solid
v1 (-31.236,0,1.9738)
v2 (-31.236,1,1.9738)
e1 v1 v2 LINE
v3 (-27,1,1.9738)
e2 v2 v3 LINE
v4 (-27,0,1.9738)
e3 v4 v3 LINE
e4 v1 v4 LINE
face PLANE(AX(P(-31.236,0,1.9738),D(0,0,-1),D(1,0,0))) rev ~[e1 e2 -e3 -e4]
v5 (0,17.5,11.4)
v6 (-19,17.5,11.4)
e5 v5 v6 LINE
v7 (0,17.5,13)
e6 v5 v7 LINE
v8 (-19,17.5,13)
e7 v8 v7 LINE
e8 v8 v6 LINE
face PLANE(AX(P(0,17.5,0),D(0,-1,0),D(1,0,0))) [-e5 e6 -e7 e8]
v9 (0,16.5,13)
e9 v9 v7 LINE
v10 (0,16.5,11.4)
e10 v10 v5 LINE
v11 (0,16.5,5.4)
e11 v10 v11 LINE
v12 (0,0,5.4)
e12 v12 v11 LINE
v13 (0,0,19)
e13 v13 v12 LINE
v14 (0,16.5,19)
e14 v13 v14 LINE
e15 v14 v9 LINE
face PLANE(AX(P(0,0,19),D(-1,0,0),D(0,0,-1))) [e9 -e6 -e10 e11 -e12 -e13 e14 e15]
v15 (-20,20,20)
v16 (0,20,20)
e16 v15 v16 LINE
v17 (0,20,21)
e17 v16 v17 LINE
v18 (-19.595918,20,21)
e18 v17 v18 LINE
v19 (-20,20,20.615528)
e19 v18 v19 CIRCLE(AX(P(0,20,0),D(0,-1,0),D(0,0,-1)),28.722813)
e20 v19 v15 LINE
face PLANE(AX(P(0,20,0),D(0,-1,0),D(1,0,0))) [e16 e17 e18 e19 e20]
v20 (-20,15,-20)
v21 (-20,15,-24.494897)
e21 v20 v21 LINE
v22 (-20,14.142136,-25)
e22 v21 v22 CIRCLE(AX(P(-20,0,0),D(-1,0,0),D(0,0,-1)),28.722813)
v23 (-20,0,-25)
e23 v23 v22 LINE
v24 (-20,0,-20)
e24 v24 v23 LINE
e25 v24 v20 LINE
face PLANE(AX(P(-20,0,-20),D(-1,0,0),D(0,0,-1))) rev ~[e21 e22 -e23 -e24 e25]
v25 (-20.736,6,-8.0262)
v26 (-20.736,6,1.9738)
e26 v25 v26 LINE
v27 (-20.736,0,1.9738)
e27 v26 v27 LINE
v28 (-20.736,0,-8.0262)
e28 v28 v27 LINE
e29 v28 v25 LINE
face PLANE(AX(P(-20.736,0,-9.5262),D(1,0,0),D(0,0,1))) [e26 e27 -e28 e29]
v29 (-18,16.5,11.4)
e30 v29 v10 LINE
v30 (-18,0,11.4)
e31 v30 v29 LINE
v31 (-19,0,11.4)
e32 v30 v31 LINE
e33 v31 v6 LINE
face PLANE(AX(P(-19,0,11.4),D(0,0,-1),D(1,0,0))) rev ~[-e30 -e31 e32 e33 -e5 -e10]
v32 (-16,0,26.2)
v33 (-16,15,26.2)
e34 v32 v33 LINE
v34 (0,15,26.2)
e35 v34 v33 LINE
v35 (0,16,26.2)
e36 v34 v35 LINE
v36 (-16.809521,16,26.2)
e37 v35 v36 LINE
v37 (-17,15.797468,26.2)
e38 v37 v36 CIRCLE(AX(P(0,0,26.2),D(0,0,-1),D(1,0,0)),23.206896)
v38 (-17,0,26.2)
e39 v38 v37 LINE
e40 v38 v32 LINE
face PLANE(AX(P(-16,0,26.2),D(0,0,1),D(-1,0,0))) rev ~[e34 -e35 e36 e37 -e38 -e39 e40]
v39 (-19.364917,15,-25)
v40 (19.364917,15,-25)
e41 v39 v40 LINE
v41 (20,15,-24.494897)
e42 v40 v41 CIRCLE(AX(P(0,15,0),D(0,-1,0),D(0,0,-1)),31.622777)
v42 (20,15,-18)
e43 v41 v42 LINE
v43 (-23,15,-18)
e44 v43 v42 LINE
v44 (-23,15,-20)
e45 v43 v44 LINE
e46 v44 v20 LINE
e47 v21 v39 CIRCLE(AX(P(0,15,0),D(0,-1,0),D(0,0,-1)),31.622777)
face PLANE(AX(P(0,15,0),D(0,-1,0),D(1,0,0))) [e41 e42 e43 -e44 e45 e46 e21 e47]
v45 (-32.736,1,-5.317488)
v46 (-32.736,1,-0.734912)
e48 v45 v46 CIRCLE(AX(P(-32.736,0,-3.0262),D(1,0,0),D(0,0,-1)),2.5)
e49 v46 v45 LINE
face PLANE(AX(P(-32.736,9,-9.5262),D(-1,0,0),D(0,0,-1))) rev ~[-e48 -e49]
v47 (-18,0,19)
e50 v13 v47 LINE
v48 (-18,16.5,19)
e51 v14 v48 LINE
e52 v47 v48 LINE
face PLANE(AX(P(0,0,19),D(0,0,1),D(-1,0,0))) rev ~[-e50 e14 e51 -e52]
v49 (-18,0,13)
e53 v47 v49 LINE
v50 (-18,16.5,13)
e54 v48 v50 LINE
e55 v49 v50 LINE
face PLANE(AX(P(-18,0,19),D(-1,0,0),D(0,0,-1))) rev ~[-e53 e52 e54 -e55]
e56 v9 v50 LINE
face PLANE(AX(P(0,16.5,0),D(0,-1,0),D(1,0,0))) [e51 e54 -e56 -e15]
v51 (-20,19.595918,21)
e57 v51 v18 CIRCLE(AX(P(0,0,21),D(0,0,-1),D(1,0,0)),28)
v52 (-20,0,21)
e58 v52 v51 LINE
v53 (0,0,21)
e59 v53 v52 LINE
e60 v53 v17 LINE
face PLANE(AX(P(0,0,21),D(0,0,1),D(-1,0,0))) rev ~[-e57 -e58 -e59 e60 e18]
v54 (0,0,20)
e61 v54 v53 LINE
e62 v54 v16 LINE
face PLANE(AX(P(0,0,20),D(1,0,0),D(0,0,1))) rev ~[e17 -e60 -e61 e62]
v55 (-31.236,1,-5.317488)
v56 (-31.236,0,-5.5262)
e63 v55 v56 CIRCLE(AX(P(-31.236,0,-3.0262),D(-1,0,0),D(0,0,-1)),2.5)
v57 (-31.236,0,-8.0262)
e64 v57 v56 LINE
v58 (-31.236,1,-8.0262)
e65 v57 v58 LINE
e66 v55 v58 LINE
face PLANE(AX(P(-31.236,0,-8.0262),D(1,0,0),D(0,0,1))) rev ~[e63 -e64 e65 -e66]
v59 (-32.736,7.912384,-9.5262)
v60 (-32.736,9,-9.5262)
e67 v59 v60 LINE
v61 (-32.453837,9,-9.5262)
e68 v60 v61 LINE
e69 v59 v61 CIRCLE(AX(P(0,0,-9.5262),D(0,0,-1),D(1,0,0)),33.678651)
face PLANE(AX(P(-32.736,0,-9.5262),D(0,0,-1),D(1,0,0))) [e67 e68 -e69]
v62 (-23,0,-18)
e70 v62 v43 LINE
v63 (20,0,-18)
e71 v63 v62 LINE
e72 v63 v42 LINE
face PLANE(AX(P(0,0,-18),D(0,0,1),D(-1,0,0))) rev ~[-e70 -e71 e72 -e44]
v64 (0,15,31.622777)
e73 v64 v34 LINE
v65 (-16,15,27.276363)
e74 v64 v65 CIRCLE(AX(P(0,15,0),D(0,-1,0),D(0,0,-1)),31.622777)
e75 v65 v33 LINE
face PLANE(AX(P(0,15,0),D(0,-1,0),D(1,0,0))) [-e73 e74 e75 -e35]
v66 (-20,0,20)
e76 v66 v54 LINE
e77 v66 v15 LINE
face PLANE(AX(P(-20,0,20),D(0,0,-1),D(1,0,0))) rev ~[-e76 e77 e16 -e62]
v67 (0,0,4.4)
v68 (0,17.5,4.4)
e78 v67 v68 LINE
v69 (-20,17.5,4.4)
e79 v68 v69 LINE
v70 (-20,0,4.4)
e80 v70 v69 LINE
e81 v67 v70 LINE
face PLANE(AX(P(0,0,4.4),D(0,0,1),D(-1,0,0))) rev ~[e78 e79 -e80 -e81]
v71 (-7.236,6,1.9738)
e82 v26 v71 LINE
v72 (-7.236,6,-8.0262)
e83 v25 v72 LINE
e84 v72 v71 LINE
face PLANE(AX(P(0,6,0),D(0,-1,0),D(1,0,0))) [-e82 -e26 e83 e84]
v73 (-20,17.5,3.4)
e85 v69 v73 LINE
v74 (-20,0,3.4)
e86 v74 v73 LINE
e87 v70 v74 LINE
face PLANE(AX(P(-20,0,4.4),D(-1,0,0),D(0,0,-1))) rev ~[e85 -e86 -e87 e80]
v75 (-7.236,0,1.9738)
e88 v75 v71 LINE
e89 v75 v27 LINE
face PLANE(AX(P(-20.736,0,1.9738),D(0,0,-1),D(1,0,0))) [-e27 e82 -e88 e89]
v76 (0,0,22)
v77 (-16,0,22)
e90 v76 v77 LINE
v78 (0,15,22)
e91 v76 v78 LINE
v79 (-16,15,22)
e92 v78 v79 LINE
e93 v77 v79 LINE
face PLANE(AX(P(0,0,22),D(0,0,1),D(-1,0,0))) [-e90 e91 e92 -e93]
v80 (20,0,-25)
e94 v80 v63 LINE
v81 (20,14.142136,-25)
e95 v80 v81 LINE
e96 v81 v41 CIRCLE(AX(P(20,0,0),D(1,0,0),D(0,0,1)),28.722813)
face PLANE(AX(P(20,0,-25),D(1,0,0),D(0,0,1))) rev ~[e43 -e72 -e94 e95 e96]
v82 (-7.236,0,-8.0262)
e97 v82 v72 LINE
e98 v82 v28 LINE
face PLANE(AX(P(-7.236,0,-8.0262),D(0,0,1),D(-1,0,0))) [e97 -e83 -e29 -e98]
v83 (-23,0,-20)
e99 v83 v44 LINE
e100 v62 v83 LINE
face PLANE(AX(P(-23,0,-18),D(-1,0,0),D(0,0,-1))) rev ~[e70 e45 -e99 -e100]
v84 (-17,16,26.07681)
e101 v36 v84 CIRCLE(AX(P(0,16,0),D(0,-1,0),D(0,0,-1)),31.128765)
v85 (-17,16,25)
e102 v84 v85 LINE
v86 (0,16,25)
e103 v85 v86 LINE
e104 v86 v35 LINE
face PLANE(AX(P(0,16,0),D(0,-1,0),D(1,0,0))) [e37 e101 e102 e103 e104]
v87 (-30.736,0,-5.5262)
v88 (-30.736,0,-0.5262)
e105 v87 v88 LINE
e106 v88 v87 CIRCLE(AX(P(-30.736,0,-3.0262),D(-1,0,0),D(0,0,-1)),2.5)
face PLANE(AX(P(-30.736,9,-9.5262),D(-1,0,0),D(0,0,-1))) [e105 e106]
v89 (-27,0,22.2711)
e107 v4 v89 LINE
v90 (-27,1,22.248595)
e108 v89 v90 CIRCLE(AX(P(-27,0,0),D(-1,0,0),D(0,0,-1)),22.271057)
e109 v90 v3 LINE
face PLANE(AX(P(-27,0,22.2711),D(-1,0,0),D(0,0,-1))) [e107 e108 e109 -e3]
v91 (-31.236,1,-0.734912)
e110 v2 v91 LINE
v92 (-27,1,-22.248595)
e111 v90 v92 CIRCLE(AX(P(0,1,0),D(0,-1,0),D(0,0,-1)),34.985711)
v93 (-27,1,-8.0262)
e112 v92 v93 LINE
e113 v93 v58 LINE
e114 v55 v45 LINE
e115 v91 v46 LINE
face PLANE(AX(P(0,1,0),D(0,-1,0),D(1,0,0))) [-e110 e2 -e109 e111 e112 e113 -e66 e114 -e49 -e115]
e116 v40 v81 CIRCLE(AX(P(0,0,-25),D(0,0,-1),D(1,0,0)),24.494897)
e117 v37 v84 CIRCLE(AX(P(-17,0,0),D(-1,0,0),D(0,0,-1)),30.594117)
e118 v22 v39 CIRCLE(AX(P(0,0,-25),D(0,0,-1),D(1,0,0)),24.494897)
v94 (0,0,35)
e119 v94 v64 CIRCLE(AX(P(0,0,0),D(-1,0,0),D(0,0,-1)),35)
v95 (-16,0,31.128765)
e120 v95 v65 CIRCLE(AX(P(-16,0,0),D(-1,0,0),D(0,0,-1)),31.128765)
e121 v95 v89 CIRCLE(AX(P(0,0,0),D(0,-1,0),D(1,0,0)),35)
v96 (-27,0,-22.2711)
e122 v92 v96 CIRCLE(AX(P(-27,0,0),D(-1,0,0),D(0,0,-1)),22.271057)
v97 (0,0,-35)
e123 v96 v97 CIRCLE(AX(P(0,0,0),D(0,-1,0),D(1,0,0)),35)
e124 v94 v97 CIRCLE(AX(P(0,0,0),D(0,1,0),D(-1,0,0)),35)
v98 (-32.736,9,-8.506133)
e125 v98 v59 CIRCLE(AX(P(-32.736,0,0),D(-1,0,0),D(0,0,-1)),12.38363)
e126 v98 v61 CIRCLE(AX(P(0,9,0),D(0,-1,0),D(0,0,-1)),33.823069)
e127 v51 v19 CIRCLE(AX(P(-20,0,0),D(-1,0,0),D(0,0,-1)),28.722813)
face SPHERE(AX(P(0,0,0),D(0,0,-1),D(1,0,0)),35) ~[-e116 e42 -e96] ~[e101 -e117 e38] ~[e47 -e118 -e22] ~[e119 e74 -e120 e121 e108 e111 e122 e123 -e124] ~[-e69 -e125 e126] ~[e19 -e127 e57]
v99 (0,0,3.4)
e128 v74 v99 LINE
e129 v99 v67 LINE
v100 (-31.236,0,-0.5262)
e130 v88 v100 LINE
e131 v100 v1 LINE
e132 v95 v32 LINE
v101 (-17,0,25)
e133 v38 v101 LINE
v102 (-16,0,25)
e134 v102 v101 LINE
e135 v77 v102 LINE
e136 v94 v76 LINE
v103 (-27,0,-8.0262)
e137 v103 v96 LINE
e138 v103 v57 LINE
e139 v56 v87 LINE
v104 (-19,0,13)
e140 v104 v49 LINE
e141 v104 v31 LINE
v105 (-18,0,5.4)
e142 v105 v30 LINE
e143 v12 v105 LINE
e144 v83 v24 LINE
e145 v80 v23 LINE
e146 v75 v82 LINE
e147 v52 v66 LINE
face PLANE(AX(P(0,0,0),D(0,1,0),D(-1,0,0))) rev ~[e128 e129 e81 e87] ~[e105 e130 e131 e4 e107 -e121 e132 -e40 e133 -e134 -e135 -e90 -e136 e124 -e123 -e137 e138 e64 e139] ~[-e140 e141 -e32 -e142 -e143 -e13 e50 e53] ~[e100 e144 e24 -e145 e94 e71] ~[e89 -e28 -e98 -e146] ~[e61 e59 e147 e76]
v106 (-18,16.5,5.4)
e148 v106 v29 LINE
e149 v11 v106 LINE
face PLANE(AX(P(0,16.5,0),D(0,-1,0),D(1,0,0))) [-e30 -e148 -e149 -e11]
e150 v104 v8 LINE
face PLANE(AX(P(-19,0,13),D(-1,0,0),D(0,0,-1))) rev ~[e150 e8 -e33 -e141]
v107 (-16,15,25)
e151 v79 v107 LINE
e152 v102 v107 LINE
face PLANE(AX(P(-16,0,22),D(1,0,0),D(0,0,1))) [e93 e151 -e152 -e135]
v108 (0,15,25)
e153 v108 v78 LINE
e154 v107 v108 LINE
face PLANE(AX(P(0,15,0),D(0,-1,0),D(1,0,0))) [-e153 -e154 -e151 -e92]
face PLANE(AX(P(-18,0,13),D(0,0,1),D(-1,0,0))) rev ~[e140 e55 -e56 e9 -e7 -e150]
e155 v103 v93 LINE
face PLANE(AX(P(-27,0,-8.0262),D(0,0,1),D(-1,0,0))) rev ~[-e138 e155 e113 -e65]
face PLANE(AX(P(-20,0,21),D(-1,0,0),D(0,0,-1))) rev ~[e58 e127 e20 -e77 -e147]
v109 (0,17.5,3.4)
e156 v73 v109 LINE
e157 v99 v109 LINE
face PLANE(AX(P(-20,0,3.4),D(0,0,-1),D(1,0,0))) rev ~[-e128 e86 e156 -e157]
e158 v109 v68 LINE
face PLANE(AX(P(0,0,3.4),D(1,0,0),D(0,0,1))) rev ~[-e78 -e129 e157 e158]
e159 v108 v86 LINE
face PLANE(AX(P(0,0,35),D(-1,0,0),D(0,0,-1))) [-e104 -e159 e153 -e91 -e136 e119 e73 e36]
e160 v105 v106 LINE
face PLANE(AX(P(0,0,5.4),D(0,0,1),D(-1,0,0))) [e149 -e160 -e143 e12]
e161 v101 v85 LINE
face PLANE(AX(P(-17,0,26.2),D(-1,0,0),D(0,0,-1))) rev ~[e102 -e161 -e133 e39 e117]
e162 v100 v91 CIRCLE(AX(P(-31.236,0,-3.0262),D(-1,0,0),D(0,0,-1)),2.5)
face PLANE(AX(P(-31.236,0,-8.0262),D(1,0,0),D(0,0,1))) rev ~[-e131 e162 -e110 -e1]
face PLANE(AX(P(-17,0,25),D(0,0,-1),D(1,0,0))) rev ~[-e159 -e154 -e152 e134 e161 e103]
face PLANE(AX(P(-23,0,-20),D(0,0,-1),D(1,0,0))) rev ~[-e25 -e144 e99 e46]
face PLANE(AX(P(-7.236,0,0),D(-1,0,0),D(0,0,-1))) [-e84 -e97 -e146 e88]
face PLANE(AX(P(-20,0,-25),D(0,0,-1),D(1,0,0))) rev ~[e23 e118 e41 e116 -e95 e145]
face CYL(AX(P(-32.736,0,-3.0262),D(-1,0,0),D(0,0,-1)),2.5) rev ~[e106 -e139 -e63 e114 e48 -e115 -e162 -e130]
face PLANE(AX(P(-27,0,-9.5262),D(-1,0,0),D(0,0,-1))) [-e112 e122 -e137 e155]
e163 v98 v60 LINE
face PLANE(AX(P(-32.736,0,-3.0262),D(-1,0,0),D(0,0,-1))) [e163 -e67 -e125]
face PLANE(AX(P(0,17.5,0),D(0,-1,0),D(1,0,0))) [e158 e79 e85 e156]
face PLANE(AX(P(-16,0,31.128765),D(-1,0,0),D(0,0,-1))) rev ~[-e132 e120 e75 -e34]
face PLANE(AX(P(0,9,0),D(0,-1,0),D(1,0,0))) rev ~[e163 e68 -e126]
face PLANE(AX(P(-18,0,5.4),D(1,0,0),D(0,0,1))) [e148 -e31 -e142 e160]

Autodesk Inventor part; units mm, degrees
ref_plane "YZ Plane" through (0, 0, 0) normal (1, 0, 0) x (0, 1, 0)
ref_plane "XZ Plane" through (0, 0, 0) normal (0, 1, 0) x (-1, 0, 0)
ref_plane "XY Plane" through (0, 0, 0) normal (0, 0, 1) x (1, 0, 0)
sketch "スケッチ1" plane through (0, 0, 0) normal (0, 1, 0) x (-1, 0, 0)
  circle A0 centre (0, 0) radius 35
  line L0 (0, 0) -> (0, -35)
  line L1 (0, 0) -> (0, 35)
  dimension "d0" = 70
revolve "回転1" add sketch "スケッチ1" angle 180 about axis through (0, 0, 0) along (0, 0, 1) picked at (-2.5961, -23.0408) contours L1 L0 A0
sketch "スケッチ5" plane through (0, 0, 0) normal (0, -1, 0) x (1, 0, 0)
  line L0 (-20, -25) -> (20, -25)
  line L1 (20, -25) -> (20, -18)
  line L2 (20, -18) -> (-20, -18)
  line L3 (-20, -18) -> (-20, -25)
  line L4 (-20, -18) -> (-23, -18)
  line L5 (-23, -18) -> (-23, -20)
  line L6 (-23, -20) -> (-20, -20)
  line L7 (-20, -20) -> (-20, -18)
  line L8 (0, 26.2) -> (-17, 26.2)
  line L9 (-17, 26.2) -> (-17, 25)
  line L10 (-17, 25) -> (0, 25)
  line L11 (0, 25) -> (0, 26.2)
  line L12 (0, 21) -> (-20, 21)
  line L13 (-20, 21) -> (-20, 20)
  line L14 (-20, 20) -> (0, 20)
  line L15 (0, 20) -> (0, 21)
  line L16 (0, 13) -> (-19, 13)
  line L17 (-19, 13) -> (-19, 11.4)
  line L18 (-19, 11.4) -> (0, 11.4)
  line L19 (0, 11.4) -> (0, 13)
  line L20 (0, 4.4) -> (-20, 4.4)
  line L21 (-20, 4.4) -> (-20, 3.4)
  line L22 (-20, 3.4) -> (0, 3.4)
  line L23 (0, 3.4) -> (0, 4.4)
  circle A0 centre (0, 0) radius 35 projected
  circle A1 centre (0, 0) radius 35 projected
  line L24 (0, 35) -> (0, -35)
  line L25 (35, 0) -> (-35, 0)
  line L26 (-31.236, 1.9738) -> (-22.236, 1.9738)
  line L27 (-22.236, 1.9738) -> (-22.236, -8.0262)
  line L28 (-22.236, -8.0262) -> (-31.236, -8.0262)
  line L29 (-31.236, -8.0262) -> (-31.236, 1.9738)
  line L30 (-22.236, 1.9738) -> (-7.236, 1.9738)
  line L31 (-7.236, 1.9738) -> (-7.236, -8.0262)
  line L32 (-7.236, -8.0262) -> (-22.236, -8.0262)
  line L33 (-22.236, -8.0262) -> (-22.236, 1.9738)
  line L34 (-27, 22.2711) -> (-27, -22.2711)
  line L35 (-20.736, 3.4738) -> (-32.736, 3.4738)
  line L36 (-32.736, 3.4738) -> (-32.736, -9.5262)
  line L37 (-32.736, -9.5262) -> (-20.736, -9.5262)
  line L38 (-20.736, -9.5262) -> (-20.736, 3.4738)
  line L39 (-20.736, 3.4738) -> (-32.736, -9.5262) construction
  line L40 (-32.736, 3.4738) -> (-20.736, -9.5262) construction
  line L41 (-16, 26.2) -> (0, 26.2)
  line L42 (0, 26.2) -> (0, 35)
  line L43 (0, 35) -> (-16, 35)
  line L44 (-16, 35) -> (-16, 26.2)
  line L45 (-16, 25) -> (0, 25)
  line L46 (0, 25) -> (0, 22)
  line L47 (0, 22) -> (-16, 22)
  line L48 (-16, 22) -> (-16, 25)
  line L49 (-18, 13) -> (0, 13)
  line L50 (0, 13) -> (0, 19)
  line L51 (0, 19) -> (-18, 19)
  line L52 (-18, 19) -> (-18, 13)
  line L53 (-18, 11.4) -> (0, 11.4)
  line L54 (0, 11.4) -> (0, 5.4)
  line L55 (0, 5.4) -> (-18, 5.4)
  line L56 (-18, 5.4) -> (-18, 11.4)
  line L57 (-22.236, -3.0262) -> (-37.4009, -3.0262)
  point P0 (0, -25)
  point P1 (0, -18)
  point P2 (-20, -20)
  point P3 (0, 25.6)
  point P4 (0, 20.5)
  point P5 (0, 12.2)
  point P6 (0, 3.9)
  point P7 (-20, -21.5)
  point P8 (-27, 1.9738)
  point P9 (-27, -8.0262)
  point P10 (-26.736, -3.0262)
  point P11 (-16, 23.5)
  point P12 (-16, 31.1288)
  point P13 (0, 25)
  point P14 (0, 11.4)
  dimension "d12" = 40
  dimension "d13" = 7
  dimension "d21" = 3
  dimension "d22" = 2
  dimension "d23" = 17
  dimension "d24" = 1.2
  dimension "d27" = 20
  dimension "d28" = 1
  dimension "d30" = 19
  dimension "d31" = 1.6
  dimension "d33" = 1
  dimension "d88" = 0
  dimension "d89" = 0
  dimension "d90" = 10
  dimension "d92" = 20
  dimension "d93" = 8.8
  dimension "d94" = 14
  dimension "d95" = 22
  dimension "d96" = 30.6
  dimension "d97" = 9
  dimension "d98" = 10
  dimension "d99" = 1.4262
  dimension "d100" = 2.236
  dimension "d101" = 15
  dimension "d102" = 9.9738
  dimension "d113" = 27
  dimension "d116" = 12
  dimension "d117" = 13
  dimension "d120" = 0.0738
  dimension "d121" = 0.736
  dimension "d122" = 16
  dimension "d123" = 35
  dimension "d124" = 3
  dimension "d125" = 16
  dimension "d126" = 6
  dimension "d127" = 6
  dimension "d128" = 18
  dimension "d129" = 18
extrude "GNSボード" cut sketch "スケッチ5" against normal blind 16 contours L11 L10 L9 L8
extrude "GNSボード止めるよう" cut sketch "スケッチ5" against normal blind 15 contours L24 L8 L44 A0 | L24 L47 L48 L10
extrude "アルミ板１" cut sketch "スケッチ5" against normal blind 20 contours L15 L14 L13 L12
extrude "メイン基板" cut sketch "スケッチ5" against normal blind 17.5 contours L18 L17 L16 L19
extrude "メイン止めるよう" cut sketch "スケッチ5" against normal blind 16.5 contours L55 L56 L18 L24 | L16 L52 L51 L24
extrude "アルミ板２" cut sketch "スケッチ5" against normal blind 17.5 contours L22 L21 L20 L23
extrude "モーター" cut sketch "スケッチ5" against normal blind 6 contours L31 L32 L38 L25 | L25 L38 L30 L31 | L38 L32 L27 L25 | L25 L27 L30 L38 | L34 L57 L27 L28 | L28 L29 L57 L34 | L27 L57 L34 L25 | L25 L34 L26 L27 | L29 L25 L34 L57 | L25 L29 L26 L34
extrude "モーター受け" add sketch "スケッチ5" against normal blind 9 contours L37 L36 L57 L29 L28 L34 | L34 L28 L32 L38 L37 | L38 L32 L27 L25 | L25 L27 L30 L38 | L36 L25 L29 L57 | L34 L57 L27 L28 | L28 L29 L57 L34 | L27 L57 L34 L25 | L25 L34 L26 L27 | L30 L26 L34 L35 L38 | L36 L35 L34 L26 L29 L25 | L29 L25 L34 L57 | L25 L29 L26 L34
extrude "電池ボックス入れ" cut sketch "スケッチ5" against normal blind 15 contours L3 L2 L24 L0 | L24 L2 L1 L0 | L6 L5 L4 L3
extrude "サイドかっと" cut sketch "スケッチ5" against normal blind 1 contours A0 L57 L36 L37 L34 | A0 L25 L36 L57 | L37 L36 L57 L29 L28 L34 | A0 L34 L35 L36 L25 | L36 L25 L29 L57 | L36 L35 L34 L26 L29 L25
ref_plane "作業平面3" through (-32.736, 9, -9.5262) normal (-1, 0, 0) x (0, 0, -1)
sketch "スケッチ23" plane through (-32.736, 9, -9.5262) normal (-1, 0, 0) x (0, 0, -1)
  line L0 (-11.5, 9) -> (-1.5, 9) projected
  circle A0 centre (-6.5, 9) radius 2.5
  point P0 (-9.5262, 9)
  dimension "d134" = 5
extrude "押し出し21" cut sketch "スケッチ23" against normal blind 2
properties part number "naibu"
